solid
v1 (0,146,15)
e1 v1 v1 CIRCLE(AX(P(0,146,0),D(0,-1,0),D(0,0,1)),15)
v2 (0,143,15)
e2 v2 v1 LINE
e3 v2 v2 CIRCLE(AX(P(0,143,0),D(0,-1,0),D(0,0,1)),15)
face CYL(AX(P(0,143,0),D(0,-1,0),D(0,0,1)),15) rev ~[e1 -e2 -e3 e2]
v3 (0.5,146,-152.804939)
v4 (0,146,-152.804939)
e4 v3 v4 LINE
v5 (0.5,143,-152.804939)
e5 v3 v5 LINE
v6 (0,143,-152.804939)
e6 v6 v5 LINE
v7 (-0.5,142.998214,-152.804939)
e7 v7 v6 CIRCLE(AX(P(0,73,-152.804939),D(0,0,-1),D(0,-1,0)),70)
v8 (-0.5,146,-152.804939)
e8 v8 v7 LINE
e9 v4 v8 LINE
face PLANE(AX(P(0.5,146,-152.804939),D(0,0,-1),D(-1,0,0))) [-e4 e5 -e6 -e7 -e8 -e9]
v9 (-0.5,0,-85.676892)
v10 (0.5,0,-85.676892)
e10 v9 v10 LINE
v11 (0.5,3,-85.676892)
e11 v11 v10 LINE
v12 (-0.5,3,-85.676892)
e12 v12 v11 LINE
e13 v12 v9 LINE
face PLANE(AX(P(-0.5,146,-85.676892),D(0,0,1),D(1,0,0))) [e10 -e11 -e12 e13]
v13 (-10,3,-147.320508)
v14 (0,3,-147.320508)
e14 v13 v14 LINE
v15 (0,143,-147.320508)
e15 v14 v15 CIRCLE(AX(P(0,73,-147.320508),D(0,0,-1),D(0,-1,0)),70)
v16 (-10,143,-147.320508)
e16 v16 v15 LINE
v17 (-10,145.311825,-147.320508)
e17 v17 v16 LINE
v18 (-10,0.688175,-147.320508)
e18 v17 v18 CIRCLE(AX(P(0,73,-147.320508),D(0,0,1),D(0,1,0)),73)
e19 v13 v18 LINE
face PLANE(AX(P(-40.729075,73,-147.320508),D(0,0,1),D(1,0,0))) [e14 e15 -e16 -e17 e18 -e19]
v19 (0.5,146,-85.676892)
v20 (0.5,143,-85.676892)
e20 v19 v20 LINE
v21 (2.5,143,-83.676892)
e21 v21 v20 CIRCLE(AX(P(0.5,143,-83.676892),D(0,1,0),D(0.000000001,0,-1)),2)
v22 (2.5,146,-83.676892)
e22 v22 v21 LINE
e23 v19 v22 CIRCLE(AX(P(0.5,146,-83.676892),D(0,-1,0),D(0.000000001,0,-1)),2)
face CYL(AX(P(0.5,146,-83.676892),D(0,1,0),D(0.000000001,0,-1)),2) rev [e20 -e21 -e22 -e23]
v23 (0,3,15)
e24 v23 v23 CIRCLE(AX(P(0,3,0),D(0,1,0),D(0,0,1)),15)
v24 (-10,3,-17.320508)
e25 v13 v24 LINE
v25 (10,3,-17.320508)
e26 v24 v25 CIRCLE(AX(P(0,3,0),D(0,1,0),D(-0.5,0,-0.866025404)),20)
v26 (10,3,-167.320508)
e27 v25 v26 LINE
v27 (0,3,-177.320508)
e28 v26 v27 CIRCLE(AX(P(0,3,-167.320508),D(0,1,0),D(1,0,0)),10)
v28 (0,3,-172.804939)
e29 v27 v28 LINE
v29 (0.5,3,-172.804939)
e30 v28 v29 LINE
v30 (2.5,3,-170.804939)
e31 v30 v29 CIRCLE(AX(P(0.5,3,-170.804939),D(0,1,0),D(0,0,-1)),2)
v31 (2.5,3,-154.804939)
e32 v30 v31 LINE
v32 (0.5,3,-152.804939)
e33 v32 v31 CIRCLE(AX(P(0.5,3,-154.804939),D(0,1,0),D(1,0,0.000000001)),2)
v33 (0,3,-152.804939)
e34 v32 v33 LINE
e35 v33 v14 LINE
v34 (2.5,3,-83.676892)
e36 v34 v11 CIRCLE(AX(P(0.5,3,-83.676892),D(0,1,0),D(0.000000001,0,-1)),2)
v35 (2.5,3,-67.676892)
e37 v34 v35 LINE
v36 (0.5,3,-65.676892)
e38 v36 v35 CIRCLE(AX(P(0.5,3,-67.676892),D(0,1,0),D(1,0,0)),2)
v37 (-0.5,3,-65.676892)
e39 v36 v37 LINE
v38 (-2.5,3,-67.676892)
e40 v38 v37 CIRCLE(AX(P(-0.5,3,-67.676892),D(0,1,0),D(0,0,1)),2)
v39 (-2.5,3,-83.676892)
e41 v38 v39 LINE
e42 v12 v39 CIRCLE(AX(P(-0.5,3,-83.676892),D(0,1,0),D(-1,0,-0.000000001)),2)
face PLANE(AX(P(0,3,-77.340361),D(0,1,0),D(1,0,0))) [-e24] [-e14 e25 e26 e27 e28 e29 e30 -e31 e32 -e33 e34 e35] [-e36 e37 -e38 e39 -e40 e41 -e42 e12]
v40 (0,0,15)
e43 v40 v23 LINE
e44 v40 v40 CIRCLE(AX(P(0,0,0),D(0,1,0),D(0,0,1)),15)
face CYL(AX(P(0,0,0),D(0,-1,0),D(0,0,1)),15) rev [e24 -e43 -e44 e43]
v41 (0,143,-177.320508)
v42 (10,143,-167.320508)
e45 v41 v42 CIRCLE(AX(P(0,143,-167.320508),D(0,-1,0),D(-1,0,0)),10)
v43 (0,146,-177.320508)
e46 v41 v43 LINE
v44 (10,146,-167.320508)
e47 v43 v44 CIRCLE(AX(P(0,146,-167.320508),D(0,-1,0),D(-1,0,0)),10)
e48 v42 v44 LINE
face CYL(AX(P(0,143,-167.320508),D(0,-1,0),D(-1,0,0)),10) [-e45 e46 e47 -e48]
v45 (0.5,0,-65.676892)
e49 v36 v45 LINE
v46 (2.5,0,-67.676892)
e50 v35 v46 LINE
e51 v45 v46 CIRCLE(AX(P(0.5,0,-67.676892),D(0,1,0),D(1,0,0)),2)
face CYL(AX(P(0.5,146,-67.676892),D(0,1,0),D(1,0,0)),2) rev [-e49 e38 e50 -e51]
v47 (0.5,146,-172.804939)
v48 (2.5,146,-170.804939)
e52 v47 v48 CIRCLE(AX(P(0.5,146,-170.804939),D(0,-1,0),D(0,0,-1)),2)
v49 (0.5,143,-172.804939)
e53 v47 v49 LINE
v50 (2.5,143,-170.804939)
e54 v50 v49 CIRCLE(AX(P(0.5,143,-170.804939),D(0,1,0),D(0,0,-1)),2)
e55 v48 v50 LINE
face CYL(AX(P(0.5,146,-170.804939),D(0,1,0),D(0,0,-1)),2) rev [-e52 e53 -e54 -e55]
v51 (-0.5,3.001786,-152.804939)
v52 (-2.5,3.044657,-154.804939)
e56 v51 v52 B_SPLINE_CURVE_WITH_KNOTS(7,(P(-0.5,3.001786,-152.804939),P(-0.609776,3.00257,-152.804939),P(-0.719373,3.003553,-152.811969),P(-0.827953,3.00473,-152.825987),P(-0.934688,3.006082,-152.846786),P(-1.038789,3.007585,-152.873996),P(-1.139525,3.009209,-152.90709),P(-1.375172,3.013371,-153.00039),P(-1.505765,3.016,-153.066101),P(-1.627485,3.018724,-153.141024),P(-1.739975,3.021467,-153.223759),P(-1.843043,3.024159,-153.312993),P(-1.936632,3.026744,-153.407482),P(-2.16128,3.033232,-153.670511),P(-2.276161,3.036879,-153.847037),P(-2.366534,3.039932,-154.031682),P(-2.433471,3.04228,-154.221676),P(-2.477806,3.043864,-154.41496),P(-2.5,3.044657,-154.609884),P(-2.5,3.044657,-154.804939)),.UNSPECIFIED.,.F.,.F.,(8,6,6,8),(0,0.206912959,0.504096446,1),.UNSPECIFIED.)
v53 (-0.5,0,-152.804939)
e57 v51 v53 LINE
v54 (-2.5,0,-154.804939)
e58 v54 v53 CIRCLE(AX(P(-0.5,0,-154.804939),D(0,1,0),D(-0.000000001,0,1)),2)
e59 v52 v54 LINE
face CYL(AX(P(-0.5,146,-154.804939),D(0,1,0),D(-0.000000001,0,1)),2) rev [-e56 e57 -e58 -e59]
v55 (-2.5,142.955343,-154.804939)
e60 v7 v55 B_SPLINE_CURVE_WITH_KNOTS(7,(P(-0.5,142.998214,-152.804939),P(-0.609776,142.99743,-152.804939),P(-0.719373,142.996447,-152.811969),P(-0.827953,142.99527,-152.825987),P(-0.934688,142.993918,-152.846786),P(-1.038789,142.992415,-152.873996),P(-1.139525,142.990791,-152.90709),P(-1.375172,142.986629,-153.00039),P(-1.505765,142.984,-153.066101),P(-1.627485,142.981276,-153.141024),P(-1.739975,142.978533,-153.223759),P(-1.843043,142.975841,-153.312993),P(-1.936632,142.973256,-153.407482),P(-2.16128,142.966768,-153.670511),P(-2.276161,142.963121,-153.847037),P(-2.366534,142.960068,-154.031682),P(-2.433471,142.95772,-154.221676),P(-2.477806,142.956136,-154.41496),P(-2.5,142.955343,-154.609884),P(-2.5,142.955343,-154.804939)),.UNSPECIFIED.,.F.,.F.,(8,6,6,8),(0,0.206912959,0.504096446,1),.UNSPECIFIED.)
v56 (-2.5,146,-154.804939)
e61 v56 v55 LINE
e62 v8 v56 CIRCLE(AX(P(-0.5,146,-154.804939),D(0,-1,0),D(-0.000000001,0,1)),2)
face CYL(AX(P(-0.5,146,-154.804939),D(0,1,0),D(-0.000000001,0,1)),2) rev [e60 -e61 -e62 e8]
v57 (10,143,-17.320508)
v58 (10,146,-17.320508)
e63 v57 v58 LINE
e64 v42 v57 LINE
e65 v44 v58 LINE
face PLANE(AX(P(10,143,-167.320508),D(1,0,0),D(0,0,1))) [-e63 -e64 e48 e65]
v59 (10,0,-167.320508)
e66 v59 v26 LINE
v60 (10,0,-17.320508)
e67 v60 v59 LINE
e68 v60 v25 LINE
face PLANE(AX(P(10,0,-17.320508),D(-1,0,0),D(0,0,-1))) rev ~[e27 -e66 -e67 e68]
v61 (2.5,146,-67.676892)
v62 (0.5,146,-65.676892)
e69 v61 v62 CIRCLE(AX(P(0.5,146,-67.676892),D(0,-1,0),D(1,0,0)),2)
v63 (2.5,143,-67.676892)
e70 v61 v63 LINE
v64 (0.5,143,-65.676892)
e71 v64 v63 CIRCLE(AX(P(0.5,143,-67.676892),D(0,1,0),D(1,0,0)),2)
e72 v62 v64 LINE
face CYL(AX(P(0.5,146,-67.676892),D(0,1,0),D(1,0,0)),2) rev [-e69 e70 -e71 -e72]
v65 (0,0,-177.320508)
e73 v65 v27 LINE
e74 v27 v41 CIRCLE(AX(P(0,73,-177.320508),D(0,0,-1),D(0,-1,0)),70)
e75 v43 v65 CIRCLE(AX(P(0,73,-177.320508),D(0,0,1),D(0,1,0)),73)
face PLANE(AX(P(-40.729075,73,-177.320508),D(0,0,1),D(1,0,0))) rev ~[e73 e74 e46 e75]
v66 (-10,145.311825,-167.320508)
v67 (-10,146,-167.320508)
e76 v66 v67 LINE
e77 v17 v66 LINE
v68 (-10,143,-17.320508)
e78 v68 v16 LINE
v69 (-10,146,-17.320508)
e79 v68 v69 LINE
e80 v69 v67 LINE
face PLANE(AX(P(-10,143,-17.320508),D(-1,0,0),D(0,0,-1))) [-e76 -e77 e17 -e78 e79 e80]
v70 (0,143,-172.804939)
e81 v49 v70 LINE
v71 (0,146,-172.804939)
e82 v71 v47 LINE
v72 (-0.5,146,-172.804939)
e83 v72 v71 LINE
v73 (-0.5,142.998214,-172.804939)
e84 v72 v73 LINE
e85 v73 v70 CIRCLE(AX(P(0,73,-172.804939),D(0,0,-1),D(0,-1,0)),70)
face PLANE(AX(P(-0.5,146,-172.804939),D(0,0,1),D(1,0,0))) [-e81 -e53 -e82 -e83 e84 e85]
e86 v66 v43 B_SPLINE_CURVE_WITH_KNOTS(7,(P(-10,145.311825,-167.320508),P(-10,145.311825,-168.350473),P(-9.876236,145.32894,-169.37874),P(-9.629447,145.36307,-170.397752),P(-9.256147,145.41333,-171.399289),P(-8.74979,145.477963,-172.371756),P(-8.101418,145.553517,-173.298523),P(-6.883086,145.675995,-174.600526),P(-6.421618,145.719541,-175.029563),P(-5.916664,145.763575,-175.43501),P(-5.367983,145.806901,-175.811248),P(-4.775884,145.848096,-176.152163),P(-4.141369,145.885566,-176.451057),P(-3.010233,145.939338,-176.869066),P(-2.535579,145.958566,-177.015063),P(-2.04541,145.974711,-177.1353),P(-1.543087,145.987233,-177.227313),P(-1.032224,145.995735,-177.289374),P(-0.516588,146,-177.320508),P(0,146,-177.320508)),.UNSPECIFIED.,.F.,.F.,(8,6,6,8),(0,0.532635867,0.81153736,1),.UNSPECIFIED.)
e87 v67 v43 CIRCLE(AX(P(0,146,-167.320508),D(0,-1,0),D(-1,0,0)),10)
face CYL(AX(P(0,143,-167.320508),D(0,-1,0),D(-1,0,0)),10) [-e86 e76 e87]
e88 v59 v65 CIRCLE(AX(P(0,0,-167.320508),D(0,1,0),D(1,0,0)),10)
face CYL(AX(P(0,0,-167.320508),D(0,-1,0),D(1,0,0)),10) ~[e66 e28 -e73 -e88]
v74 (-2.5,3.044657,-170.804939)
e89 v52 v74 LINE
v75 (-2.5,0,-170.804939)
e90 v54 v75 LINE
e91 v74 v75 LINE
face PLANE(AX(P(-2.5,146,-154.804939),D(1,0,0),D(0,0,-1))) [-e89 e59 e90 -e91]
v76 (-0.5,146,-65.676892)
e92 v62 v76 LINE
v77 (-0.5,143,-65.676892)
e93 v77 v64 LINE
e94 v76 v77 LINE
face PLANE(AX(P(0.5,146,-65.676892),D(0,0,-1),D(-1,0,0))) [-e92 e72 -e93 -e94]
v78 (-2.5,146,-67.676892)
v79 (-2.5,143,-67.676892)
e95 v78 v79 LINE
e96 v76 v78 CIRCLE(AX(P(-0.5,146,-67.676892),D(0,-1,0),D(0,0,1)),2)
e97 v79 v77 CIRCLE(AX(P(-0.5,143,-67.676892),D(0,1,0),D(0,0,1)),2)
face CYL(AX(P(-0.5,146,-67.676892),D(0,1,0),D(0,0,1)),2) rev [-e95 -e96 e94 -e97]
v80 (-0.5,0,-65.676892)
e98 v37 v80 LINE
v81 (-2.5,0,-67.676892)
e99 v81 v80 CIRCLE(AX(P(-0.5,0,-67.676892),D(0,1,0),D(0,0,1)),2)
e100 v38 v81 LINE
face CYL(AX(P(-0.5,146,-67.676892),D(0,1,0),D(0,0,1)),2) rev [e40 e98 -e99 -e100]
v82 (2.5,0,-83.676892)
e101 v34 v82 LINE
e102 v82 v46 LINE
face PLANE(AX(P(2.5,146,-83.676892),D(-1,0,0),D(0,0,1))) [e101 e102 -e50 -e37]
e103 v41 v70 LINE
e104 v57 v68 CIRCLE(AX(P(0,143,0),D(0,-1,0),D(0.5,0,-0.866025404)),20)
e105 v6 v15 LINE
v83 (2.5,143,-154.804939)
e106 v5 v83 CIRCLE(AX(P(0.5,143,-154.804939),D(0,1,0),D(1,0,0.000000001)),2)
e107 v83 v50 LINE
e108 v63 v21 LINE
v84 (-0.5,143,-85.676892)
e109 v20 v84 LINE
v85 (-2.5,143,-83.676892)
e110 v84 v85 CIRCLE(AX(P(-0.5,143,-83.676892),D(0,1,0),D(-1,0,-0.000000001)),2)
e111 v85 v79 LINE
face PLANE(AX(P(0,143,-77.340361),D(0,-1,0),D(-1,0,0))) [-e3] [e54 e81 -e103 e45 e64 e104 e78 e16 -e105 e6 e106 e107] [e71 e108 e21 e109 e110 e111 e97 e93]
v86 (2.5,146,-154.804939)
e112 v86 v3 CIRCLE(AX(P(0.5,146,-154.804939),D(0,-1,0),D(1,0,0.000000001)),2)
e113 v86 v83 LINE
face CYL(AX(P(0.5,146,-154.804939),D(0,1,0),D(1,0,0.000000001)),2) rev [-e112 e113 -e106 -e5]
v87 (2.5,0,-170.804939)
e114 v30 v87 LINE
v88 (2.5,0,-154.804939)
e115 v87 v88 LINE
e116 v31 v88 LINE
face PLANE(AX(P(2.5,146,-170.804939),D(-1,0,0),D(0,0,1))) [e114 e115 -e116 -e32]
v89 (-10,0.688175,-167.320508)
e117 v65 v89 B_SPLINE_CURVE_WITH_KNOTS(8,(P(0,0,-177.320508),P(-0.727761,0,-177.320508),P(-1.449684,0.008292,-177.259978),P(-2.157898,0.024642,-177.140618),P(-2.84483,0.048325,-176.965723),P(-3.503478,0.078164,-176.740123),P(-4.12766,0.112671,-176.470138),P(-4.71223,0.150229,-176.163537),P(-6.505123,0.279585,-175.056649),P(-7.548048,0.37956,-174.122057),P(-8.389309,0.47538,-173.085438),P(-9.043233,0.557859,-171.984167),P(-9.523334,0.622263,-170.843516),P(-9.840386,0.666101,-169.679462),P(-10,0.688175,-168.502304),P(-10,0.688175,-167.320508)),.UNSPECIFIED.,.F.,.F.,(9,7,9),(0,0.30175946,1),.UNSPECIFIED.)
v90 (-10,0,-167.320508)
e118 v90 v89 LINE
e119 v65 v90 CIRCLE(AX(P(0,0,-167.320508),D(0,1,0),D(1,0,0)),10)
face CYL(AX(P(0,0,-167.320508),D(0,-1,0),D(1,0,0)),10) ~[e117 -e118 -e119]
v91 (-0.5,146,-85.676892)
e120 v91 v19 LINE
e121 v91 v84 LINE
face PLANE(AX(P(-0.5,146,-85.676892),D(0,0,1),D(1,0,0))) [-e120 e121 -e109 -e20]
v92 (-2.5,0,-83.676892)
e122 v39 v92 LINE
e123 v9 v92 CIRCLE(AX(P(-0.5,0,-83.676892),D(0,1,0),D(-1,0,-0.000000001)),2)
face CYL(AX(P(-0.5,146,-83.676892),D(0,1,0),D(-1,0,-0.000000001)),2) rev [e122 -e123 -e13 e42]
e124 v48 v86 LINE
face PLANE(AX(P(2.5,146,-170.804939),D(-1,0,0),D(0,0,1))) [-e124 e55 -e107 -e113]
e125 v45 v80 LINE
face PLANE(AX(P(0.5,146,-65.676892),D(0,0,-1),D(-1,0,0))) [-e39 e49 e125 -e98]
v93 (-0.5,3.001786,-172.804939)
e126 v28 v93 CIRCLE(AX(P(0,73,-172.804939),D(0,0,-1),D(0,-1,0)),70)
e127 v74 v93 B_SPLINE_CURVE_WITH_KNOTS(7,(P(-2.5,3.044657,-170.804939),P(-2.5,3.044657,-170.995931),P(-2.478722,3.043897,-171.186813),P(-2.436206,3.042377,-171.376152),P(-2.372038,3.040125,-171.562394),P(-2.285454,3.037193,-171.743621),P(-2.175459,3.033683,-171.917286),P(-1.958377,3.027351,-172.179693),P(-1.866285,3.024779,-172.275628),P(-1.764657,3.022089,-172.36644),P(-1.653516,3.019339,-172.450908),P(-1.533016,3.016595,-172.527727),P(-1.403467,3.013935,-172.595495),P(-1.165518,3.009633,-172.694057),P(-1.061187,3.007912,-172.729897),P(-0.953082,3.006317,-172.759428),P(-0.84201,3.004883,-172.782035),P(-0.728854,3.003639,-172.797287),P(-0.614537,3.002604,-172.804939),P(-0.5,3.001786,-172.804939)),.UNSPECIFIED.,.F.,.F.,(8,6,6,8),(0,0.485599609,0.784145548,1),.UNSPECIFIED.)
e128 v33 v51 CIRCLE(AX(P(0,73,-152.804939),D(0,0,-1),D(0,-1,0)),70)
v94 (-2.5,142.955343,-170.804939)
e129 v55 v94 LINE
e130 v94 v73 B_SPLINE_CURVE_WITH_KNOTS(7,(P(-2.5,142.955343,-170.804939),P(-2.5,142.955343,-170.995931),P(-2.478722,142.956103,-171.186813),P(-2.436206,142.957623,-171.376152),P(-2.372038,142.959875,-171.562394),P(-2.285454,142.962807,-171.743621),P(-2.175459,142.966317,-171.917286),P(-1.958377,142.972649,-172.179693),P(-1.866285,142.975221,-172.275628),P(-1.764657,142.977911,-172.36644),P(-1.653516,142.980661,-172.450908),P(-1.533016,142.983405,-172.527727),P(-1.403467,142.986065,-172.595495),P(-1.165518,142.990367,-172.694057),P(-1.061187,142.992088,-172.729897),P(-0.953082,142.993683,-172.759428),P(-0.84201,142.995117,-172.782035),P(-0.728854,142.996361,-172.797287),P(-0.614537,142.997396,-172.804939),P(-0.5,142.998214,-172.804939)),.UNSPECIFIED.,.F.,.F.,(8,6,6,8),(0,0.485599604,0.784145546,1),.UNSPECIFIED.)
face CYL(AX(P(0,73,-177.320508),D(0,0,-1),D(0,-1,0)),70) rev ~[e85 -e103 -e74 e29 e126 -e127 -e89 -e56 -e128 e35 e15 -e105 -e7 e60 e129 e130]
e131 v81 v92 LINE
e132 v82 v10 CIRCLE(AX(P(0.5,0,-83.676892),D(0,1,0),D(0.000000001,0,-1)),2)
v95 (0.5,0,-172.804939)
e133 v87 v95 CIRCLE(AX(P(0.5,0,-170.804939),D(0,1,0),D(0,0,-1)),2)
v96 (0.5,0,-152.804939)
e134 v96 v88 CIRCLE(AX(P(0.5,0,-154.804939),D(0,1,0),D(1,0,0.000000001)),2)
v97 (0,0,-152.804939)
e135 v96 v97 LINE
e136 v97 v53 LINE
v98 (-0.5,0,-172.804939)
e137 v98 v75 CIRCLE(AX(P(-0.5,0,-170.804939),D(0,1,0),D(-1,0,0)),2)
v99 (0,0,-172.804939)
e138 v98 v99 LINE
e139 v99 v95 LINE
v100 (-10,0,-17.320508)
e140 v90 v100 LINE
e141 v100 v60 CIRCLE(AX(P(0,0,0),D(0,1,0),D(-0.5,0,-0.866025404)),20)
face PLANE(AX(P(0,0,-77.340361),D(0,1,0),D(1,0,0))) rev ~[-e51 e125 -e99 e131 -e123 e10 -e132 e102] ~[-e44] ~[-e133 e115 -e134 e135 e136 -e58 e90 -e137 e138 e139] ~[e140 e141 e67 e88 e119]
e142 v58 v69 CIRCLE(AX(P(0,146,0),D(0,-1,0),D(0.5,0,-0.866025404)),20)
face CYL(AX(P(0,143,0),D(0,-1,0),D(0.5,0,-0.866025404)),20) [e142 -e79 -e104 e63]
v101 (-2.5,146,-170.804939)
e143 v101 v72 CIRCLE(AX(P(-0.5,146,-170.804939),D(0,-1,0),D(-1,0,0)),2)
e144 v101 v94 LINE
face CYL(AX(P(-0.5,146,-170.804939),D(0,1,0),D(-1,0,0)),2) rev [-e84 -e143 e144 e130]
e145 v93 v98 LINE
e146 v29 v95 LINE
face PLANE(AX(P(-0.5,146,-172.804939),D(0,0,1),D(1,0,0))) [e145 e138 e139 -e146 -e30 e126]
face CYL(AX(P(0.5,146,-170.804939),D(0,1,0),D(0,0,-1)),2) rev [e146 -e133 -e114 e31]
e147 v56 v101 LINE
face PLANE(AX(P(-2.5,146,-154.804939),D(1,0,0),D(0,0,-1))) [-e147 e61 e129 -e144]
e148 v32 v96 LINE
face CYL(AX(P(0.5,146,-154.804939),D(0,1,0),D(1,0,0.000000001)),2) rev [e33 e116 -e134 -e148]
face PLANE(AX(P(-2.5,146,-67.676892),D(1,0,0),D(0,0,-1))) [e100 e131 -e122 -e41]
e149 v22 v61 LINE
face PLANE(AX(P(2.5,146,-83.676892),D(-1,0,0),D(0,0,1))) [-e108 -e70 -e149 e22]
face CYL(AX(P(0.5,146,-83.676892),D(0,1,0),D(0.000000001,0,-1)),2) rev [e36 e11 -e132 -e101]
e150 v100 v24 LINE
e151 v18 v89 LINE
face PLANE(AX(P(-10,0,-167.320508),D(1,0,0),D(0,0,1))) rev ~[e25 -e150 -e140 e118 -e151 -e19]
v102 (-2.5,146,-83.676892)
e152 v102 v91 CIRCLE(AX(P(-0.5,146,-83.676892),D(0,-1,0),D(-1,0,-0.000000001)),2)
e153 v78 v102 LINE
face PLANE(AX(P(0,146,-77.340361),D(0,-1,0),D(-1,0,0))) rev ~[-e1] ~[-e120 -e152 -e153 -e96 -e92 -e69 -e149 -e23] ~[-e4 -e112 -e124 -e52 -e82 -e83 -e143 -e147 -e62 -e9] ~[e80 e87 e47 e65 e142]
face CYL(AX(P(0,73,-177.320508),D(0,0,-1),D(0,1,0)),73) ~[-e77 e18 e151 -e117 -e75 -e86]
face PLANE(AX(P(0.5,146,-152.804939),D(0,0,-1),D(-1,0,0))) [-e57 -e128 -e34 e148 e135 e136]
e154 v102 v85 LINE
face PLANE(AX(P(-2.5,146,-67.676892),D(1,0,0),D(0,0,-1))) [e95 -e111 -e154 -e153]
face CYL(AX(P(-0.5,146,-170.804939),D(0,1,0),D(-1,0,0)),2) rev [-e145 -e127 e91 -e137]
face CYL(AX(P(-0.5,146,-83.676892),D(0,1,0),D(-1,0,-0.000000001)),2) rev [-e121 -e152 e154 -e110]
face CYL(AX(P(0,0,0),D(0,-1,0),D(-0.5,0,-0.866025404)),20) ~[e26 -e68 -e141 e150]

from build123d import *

# Parameters (mm, degrees)
SKETCH1_R           = 15
BOSS_EXTRUDE1_DEPTH = 3
BOSS_EXTRUDE5_DEPTH = 30
BOSS_EXTRUDE6_START = 3
SKETCH5_R           = 15
BOSS_EXTRUDE6_DEPTH = 3
CUT_EXTRUDE1_DEPTH  = 242.0136151


with BuildPart() as part:
    # Sketch1 → Boss-Extrude1 (new body)
    with BuildSketch(Plane(origin=(0, 0, 0), x_dir=(1, 0, 0), z_dir=(0, 1, 0))):
        with BuildLine():
            Line((-10, 167.320508076), (-10, 17.320508076))
            ThreePointArc((-10, 17.320508076), (0, -20), (10, 17.320508076))
            Line((10, 17.320508076), (10, 167.320508076))
            ThreePointArc((10, 167.320508076), (0, 177.320508076), (-10, 167.320508076))
        make_face()
        with Locations(Location((0, 0, 0), (0, 0, 270))):
            Circle(SKETCH1_R, mode=Mode.SUBTRACT)
    extrude(amount=BOSS_EXTRUDE1_DEPTH)

    # Sketch4 → Boss-Extrude5 (add)
    with BuildSketch(Plane(origin=(0, 0, -177.320508076), x_dir=(-1, 0, 0), z_dir=(0, 0, -1))):
        with BuildLine():
            Line((0, 0), (0, 3))
            ThreePointArc((0, 3), (70, 73), (0, 143))
            Line((0, 143), (0, 146))
            ThreePointArc((0, 146), (73, 73), (0, 0))
        make_face()
    extrude(amount=-BOSS_EXTRUDE5_DEPTH)

    # Sketch5 → Boss-Extrude6 (add)
    with BuildSketch(Plane(origin=(0, 146, 0), x_dir=(-1, 0, 0), z_dir=(0, -1, 0)).offset(BOSS_EXTRUDE6_START)):
        with BuildLine():
            Line((10, 17.320508076), (10, 167.320508076))
            ThreePointArc((10, 167.320508076), (0, 177.320508076), (-10, 167.320508076))
            Line((-10, 167.320508076), (-10, 17.320508076))
            ThreePointArc((-10, 17.320508076), (0, -20), (10, 17.320508076))
        make_face()
        with Locations(Location((0, 0, 0), (0, 0, 270))):
            Circle(SKETCH5_R, mode=Mode.SUBTRACT)
    extrude(amount=-BOSS_EXTRUDE6_DEPTH)

    # Sketch7 → Cut-Extrude1 (cut, through all)
    with BuildSketch(Plane(origin=(0, 146, 0), x_dir=(1, 0, 0), z_dir=(0, 1, 0))):
        with BuildLine():
            Line((0.5, 152.804939292), (-0.5, 152.804939292))
            ThreePointArc((-0.5, 152.804939292), (-1.914213562, 153.39072573), (-2.5, 154.804939292))
            Line((-2.5, 154.804939292), (-2.5, 170.804939292))
            ThreePointArc((-2.5, 170.804939292), (-1.914213562, 172.219152855), (-0.5, 172.804939292))
            Line((-0.5, 172.804939292), (0.5, 172.804939292))
            ThreePointArc((0.5, 172.804939292), (1.914213562, 172.219152855), (2.5, 170.804939292))
            Line((2.5, 170.804939292), (2.5, 154.804939292))
            ThreePointArc((2.5, 154.804939292), (1.914213562, 153.39072573), (0.5, 152.804939292))
        make_face()
        with BuildLine():
            Line((0.5, 65.676892474), (-0.5, 65.676892474))
            ThreePointArc((-0.5, 65.676892474), (-1.914213562, 66.262678911), (-2.5, 67.676892474))
            Line((-2.5, 67.676892474), (-2.5, 83.676892474))
            ThreePointArc((-2.5, 83.676892474), (-1.914213562, 85.091106036), (-0.5, 85.676892474))
            Line((-0.5, 85.676892474), (0.5, 85.676892474))
            ThreePointArc((0.5, 85.676892474), (1.914213562, 85.091106036), (2.5, 83.676892474))
            Line((2.5, 83.676892474), (2.5, 67.676892474))
            ThreePointArc((2.5, 67.676892474), (1.914213562, 66.262678911), (0.5, 65.676892474))
        make_face()
    extrude(amount=-CUT_EXTRUDE1_DEPTH, mode=Mode.SUBTRACT)


solid = part.part
